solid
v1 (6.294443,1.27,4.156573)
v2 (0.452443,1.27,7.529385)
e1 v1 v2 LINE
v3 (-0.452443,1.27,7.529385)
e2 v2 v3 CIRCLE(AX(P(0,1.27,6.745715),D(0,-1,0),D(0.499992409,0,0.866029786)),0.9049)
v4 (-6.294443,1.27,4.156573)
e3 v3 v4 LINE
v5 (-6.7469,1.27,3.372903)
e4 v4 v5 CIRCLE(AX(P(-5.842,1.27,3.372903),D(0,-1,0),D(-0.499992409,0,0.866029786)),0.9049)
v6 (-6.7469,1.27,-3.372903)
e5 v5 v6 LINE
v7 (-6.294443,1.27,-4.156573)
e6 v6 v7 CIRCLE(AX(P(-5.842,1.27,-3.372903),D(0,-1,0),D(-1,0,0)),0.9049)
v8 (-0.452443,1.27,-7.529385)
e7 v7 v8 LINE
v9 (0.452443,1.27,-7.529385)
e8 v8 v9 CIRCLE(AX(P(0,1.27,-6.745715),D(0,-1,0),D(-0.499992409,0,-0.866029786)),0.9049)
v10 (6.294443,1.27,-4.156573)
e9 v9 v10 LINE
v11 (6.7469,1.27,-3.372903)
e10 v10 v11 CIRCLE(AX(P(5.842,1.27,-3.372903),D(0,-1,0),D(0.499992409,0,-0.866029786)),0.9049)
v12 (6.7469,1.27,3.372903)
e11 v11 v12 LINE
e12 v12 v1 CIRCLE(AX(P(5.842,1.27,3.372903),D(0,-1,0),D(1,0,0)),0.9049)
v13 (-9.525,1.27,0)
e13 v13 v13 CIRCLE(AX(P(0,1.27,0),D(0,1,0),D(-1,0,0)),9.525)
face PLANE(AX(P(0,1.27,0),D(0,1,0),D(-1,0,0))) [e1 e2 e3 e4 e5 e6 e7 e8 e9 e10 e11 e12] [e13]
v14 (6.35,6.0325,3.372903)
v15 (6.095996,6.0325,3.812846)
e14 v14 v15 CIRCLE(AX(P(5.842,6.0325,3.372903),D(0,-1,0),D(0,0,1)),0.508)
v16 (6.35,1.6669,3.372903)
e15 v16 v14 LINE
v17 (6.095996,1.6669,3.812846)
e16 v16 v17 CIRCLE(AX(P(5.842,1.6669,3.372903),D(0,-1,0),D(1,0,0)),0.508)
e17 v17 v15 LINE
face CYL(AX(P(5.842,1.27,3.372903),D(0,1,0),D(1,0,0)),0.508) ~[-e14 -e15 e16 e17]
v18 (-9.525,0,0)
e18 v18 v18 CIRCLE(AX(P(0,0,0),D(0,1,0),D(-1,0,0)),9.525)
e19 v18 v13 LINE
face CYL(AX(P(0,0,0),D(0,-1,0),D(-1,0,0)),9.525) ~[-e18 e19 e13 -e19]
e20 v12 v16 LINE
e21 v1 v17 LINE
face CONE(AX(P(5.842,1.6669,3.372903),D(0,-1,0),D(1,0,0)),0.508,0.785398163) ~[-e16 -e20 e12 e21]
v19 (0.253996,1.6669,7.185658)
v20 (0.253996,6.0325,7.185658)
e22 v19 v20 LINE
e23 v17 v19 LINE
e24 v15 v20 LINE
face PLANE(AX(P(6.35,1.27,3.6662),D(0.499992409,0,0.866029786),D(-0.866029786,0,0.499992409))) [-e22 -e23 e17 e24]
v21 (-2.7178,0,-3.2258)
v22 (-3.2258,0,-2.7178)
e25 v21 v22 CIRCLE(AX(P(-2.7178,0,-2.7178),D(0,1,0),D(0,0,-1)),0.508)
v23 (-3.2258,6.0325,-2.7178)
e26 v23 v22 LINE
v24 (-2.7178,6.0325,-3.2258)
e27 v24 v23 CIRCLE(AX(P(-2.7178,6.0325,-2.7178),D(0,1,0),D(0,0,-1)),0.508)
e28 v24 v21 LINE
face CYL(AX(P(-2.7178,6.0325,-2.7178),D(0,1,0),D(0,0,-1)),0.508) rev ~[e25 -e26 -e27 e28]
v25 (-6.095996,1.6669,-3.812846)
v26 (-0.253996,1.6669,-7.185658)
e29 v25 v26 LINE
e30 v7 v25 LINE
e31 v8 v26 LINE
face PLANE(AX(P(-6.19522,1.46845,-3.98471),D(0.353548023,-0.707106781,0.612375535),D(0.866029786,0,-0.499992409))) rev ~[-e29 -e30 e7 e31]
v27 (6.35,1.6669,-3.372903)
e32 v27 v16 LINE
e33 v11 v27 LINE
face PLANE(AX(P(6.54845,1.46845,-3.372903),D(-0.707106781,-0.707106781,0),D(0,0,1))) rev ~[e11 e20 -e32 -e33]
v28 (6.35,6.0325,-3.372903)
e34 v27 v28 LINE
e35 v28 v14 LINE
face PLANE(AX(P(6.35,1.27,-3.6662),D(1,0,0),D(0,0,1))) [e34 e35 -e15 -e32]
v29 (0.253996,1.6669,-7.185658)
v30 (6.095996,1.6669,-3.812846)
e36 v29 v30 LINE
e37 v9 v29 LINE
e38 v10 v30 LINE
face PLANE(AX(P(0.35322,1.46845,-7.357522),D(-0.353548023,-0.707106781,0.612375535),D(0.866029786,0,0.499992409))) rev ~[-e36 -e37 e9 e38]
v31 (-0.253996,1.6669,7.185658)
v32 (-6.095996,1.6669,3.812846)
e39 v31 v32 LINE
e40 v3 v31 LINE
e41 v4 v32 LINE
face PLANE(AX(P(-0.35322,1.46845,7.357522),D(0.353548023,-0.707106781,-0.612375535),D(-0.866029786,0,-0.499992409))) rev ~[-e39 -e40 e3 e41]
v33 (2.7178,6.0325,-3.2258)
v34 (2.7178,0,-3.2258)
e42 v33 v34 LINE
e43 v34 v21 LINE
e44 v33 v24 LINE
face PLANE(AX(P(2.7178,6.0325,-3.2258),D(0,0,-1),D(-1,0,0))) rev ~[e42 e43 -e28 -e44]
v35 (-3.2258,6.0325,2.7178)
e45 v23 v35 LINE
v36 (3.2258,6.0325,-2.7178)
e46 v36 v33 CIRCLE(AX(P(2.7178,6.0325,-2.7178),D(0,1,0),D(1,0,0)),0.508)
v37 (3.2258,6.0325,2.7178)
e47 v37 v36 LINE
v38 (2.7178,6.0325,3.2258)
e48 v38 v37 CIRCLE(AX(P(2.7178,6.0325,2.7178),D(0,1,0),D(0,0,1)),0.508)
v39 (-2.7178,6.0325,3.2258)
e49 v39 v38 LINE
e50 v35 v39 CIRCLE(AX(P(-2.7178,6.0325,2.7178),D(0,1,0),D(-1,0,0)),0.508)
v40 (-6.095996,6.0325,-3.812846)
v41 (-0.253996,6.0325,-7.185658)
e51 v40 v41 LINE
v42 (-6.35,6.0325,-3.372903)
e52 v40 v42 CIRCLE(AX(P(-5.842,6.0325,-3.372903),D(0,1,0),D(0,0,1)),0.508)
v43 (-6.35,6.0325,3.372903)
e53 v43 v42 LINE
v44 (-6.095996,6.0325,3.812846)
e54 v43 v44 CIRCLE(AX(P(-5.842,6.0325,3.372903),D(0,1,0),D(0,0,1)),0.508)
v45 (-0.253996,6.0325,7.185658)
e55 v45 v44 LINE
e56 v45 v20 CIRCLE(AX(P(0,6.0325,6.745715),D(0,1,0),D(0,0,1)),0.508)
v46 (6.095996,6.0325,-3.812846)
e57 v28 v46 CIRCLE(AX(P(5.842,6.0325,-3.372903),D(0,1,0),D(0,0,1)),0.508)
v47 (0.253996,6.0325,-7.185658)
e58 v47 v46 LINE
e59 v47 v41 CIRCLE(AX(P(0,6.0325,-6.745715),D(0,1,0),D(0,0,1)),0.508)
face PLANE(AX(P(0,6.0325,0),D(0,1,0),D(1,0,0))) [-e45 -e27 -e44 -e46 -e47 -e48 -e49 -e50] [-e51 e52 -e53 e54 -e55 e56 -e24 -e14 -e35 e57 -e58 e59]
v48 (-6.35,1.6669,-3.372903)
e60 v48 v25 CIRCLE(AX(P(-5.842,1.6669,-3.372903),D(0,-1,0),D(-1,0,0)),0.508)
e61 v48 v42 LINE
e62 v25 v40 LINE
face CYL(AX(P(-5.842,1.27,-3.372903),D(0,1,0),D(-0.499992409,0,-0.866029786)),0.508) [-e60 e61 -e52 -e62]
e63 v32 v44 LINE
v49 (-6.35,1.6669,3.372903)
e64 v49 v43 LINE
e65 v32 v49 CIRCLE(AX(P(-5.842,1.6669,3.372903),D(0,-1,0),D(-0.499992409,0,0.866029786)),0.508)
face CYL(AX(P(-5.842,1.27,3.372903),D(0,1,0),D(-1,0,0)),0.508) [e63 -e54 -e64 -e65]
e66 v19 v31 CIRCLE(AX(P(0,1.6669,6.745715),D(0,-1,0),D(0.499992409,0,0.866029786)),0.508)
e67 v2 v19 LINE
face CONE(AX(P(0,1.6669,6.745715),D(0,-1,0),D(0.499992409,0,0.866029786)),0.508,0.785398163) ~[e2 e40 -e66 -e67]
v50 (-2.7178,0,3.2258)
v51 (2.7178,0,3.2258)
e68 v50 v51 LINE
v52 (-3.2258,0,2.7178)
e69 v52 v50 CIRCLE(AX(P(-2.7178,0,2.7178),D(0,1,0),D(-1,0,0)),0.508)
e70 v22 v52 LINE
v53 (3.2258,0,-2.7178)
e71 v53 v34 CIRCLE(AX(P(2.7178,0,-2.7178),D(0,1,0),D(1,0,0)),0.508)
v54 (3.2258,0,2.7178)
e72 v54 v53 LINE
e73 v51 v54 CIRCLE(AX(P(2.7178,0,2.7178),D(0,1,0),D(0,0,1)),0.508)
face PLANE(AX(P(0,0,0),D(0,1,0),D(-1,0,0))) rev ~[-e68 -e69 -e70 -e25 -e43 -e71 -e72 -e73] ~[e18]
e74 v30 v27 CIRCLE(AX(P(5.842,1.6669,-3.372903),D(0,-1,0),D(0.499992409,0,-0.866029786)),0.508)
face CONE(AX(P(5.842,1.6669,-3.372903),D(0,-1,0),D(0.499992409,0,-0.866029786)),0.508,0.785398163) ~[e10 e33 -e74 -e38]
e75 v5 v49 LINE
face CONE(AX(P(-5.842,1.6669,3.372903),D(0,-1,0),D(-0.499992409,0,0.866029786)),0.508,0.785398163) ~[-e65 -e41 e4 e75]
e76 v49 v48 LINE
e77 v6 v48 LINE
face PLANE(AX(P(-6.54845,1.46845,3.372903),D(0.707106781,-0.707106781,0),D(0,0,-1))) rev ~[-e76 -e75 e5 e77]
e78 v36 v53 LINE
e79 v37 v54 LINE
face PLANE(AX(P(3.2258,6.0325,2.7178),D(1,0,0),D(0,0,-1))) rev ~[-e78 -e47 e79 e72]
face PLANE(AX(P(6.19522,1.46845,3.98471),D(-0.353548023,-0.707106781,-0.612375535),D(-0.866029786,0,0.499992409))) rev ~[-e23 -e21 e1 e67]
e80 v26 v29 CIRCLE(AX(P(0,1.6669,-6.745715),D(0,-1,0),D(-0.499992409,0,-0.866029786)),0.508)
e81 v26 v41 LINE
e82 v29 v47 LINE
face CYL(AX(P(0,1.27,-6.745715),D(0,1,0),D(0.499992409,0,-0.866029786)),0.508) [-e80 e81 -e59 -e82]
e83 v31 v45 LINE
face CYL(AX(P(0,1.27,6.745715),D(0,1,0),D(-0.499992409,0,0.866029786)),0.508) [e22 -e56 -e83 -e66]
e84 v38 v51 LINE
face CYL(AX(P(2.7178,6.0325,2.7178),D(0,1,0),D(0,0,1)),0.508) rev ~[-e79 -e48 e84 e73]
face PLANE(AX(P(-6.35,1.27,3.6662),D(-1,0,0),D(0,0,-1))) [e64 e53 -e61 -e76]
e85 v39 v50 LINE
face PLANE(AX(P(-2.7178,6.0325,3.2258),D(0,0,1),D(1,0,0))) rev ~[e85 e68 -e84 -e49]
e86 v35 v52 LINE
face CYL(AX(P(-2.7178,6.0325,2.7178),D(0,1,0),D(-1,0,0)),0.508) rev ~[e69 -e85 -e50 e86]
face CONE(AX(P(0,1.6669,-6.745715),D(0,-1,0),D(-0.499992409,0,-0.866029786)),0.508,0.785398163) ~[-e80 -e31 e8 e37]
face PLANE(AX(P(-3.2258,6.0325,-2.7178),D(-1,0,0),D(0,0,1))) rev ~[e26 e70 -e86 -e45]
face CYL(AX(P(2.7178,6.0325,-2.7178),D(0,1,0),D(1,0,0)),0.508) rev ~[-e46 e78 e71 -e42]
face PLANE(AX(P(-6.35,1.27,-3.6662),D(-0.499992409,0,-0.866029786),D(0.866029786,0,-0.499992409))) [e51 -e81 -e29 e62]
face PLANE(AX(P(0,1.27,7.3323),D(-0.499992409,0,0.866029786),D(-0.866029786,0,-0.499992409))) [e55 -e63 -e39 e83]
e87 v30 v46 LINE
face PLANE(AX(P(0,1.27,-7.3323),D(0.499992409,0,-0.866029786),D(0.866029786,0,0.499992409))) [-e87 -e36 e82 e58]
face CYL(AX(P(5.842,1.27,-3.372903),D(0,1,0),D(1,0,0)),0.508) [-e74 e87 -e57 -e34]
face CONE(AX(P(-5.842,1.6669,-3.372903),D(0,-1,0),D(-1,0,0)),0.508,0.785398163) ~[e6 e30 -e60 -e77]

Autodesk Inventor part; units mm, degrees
ref_plane "YZ Plane" through (0, 0, 0) normal (1, 0, 0) x (0, 1, 0)
ref_plane "XZ Plane" through (0, 0, 0) normal (0, 1, 0) x (-1, 0, 0)
ref_plane "XY Plane" through (0, 0, 0) normal (0, 0, 1) x (1, 0, 0)
sketch "Sketch1" plane through (0, 0, 0) normal (0, 1, 0) x (-1, 0, 0)
  circle A0 centre (0, 0) radius 9.525
  dimension "d0" = 19.05
extrude "Extrusion1" add sketch "Sketch1" along normal blind 1.27
sketch "Sketch2" plane through (0, 1.27, 0) normal (0, 1, 0) x (1, 0, 0)
  line L0 (6.35, -3.6662) -> (0, -7.3323)
  line L1 (0, -7.3323) -> (-6.35, -3.6662)
  line L2 (-6.35, -3.6662) -> (-6.35, 3.6662)
  line L3 (-6.35, 3.6662) -> (0, 7.3323)
  line L4 (0, 7.3323) -> (6.35, 3.6662)
  line L5 (6.35, 3.6662) -> (6.35, -3.6662)
  point P0 (0, 0)
  point P1 (0, 0)
  dimension "d4" = 12.7
extrude "Extrusion2" add sketch "Sketch2" along normal blind 4.7625
fillet "Fillet1" radius 0.508 6 edges at (6.35, 3.6513, 3.6662) (6.35, 3.6513, -3.6662) (0, 3.6513, -7.3323) (0, 3.6513, 7.3323) (-6.35, 3.6513, 3.6662) (-6.35, 3.6513, -3.6662)
sketch "Sketch3" plane through (0, 6.0325, 0) normal (0, 1, 0) x (1, 0, 0)
  line L0 (-2.7178, -3.2258) -> (2.7178, -3.2258)
  line L1 (3.2258, -2.7178) -> (3.2258, 2.7178)
  line L2 (2.7178, 3.2258) -> (-2.7178, 3.2258)
  line L3 (-3.2258, 2.7178) -> (-3.2258, -2.7178)
  line L4 (-3.2258, -3.2258) -> (3.2258, 3.2258) construction
  line L5 (3.2258, -3.2258) -> (-3.2258, 3.2258) construction
  arc A0 (-3.2258, -2.7178) -> (-2.7178, -3.2258) centre (-2.7178, -2.7178) ccw
  arc A1 (2.7178, -3.2258) -> (3.2258, -2.7178) centre (2.7178, -2.7178) ccw
  arc A2 (3.2258, 2.7178) -> (2.7178, 3.2258) centre (2.7178, 2.7178) ccw
  arc A3 (-2.7178, 3.2258) -> (-3.2258, 2.7178) centre (-2.7178, 2.7178) ccw
  point P0 (0, 0)
  dimension "d8" = 6.4516
  dimension "d9" = 0.508
extrude "Extrusion3" cut sketch "Sketch3" against normal through all
chamfer "Chamfer1" distance 0.3969 angle 45 12 edges at (3.175, 1.27, -5.4993) (6.2819, 1.27, -3.6269) (6.35, 1.27, 0) (6.2819, 1.27, 3.6269) (3.175, 1.27, 5.4993) (0, 1.27, 7.2538) (-3.175, 1.27, 5.4993) (-6.2819, 1.27, 3.6269) (-6.35, 1.27, 0) (-6.2819, 1.27, -3.6269) (-3.175, 1.27, -5.4993) (0, 1.27, -7.2538)
properties part number "insert" material "Acetal Resin, Black"
